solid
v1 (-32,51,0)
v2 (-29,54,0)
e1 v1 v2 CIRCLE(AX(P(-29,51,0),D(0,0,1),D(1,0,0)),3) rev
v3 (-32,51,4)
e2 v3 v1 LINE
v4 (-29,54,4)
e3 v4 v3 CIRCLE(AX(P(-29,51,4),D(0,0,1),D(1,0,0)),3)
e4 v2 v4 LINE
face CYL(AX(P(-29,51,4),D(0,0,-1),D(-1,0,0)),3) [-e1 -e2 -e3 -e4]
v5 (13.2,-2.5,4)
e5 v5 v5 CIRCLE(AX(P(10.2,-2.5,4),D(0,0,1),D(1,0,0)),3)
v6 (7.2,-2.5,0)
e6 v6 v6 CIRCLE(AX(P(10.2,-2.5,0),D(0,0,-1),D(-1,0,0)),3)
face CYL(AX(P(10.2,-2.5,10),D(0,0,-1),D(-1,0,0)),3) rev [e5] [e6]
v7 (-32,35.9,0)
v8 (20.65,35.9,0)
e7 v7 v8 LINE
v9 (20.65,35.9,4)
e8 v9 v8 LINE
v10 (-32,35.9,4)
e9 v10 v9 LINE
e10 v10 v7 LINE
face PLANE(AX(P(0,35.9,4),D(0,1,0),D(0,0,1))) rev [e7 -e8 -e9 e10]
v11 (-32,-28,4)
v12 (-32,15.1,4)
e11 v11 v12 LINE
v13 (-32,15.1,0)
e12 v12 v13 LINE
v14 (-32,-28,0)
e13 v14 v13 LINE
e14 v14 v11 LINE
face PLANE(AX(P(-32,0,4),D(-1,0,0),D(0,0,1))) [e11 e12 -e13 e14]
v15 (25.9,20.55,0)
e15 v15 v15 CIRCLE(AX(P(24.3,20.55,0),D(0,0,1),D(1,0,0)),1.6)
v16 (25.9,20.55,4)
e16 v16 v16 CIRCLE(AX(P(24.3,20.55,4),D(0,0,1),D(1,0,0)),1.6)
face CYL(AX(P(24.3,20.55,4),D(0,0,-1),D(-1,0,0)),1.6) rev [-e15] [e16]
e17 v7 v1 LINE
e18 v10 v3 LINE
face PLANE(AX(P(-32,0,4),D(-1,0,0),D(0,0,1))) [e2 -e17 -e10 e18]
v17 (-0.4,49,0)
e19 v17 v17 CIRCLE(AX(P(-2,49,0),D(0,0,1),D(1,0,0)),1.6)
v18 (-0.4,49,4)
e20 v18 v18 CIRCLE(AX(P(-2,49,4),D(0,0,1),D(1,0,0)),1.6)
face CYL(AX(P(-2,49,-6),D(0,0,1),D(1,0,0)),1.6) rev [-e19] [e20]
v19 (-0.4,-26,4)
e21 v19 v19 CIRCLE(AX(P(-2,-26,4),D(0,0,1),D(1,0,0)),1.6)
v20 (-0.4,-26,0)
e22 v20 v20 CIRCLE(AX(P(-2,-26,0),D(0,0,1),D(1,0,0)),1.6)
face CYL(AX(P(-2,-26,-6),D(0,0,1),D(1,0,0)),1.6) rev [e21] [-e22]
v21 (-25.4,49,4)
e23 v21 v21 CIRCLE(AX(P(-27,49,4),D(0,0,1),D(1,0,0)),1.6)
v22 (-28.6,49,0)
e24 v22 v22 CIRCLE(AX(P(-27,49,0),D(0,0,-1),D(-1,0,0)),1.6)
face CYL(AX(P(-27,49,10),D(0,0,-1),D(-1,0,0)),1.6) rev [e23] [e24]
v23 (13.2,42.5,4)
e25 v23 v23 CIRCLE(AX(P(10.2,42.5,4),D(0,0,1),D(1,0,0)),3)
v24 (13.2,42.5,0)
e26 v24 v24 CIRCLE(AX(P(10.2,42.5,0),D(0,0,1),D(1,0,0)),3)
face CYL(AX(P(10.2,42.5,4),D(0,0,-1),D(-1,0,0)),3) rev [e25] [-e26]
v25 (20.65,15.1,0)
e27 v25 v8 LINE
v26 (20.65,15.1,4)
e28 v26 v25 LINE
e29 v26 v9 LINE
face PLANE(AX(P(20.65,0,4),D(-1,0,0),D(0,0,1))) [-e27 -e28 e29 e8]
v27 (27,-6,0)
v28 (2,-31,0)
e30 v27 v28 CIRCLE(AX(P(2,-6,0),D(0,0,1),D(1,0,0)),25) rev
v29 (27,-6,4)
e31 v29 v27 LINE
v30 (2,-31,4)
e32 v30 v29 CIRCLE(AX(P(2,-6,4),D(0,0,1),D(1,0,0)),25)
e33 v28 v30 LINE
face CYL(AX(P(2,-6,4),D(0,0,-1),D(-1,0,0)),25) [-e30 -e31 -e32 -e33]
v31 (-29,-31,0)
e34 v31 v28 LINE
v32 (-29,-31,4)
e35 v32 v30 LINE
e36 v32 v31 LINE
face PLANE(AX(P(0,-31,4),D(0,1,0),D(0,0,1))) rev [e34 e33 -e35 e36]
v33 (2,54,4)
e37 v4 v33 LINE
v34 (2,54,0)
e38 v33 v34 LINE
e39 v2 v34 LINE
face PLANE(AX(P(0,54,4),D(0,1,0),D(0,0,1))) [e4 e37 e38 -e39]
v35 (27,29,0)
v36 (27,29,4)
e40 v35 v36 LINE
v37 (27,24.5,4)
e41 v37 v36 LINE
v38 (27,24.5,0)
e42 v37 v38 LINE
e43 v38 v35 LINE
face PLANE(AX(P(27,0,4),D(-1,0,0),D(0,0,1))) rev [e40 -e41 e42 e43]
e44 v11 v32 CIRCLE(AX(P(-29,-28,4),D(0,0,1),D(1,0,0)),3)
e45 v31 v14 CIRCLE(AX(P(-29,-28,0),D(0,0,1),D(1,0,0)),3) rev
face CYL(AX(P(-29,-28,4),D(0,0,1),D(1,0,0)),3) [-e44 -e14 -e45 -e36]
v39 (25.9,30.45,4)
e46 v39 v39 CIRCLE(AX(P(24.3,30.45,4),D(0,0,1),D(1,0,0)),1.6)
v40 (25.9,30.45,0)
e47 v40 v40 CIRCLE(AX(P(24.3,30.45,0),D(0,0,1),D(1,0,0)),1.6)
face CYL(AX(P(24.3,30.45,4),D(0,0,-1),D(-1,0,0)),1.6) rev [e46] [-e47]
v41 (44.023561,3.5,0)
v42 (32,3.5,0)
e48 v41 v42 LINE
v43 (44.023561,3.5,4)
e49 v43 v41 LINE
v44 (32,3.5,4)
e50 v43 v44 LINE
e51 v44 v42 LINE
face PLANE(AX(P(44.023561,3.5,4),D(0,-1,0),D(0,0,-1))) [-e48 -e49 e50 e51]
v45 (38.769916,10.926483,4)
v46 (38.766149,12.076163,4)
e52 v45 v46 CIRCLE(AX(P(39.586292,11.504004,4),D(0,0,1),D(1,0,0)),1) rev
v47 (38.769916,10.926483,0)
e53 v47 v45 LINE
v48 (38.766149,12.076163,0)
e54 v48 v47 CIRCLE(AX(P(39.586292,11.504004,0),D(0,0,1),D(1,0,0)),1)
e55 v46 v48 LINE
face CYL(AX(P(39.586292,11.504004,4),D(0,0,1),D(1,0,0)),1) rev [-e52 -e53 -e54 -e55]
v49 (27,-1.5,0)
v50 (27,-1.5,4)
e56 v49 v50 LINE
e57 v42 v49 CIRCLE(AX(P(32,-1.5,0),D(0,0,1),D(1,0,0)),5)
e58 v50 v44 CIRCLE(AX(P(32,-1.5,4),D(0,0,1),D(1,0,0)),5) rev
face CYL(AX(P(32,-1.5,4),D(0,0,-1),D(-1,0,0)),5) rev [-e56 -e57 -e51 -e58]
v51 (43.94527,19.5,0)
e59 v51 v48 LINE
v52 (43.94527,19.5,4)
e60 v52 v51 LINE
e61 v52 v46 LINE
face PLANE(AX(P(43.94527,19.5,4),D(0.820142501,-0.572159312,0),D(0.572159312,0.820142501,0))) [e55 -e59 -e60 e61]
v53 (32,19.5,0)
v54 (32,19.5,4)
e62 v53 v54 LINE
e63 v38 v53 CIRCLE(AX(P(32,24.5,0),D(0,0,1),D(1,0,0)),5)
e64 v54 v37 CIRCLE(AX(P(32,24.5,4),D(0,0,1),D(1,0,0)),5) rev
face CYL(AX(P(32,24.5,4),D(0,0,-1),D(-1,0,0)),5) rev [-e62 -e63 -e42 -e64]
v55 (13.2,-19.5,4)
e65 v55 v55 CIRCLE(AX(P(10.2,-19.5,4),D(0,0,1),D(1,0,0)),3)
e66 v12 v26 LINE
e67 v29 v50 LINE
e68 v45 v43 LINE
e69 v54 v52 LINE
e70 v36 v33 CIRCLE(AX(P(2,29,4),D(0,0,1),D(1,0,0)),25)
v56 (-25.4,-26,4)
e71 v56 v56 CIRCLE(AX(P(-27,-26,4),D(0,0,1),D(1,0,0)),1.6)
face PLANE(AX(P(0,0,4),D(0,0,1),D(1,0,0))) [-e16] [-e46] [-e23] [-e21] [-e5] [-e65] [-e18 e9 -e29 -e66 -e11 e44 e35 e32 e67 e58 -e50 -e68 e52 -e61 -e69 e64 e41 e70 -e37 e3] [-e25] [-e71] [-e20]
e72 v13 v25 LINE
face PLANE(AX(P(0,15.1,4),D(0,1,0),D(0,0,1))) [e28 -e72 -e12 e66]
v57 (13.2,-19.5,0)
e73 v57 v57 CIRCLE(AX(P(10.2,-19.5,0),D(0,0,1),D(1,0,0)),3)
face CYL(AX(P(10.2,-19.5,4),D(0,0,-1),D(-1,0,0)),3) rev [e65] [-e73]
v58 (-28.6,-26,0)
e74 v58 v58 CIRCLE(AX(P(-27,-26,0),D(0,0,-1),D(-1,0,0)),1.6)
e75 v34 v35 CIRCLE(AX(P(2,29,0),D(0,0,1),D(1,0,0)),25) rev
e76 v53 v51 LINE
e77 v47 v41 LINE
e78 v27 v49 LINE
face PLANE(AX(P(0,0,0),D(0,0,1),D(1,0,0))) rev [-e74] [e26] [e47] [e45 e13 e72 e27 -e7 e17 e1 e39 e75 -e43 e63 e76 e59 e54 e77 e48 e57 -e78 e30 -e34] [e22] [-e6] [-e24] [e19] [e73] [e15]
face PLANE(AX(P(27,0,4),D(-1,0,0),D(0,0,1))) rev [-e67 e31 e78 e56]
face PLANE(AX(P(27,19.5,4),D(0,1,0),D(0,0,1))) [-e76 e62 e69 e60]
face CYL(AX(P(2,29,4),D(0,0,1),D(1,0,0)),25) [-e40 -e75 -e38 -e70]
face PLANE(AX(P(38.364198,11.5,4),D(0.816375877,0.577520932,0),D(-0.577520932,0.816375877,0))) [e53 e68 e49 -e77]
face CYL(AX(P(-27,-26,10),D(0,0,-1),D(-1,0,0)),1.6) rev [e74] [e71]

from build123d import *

# Parameters (mm, degrees)
SKETCH_1_R          = 3
SKETCH_1_R_2        = 1.6
EXTRUDE_1_DEPTH     = 4
FILLET_1_R          = 3
FILLET_2_R          = 25
SKETCH_2_R          = 1.6
CUT_EXTRUDE_1_DEPTH = 10
SKETCH_3_R          = 3
CUT_EXTRUDE_2_DEPTH = 10
EXTRUDE_2_DEPTH     = 4
FILLET_3_R          = 5
FILLET_4_R          = 1
SKETCH_5_R          = 1.6
CUT_EXTRUDE_3_DEPTH = 10


with BuildPart() as part:
    # ｽｹｯﾁ1 → ﾎﾞｽ - 押し出し1 (new body)
    with BuildSketch(Plane.XY):
        Polygon((-32, -10.4), (-32, -31), (27, -31), (27, 54), (-32, 54), (-32, 35.9), (20.65, 35.9), (20.65, 15.1), (-32, 15.1), (-32, 10.4), align=None)
        with Locations((10.2, -19.5)):
            Circle(SKETCH_1_R, mode=Mode.SUBTRACT)
        with Locations((24.3, 20.55)):
            Circle(SKETCH_1_R_2, mode=Mode.SUBTRACT)
        with Locations((24.3, 30.45)):
            Circle(SKETCH_1_R_2, mode=Mode.SUBTRACT)
        with Locations((10.2, 42.5)):
            Circle(SKETCH_1_R, mode=Mode.SUBTRACT)
    extrude(amount=EXTRUDE_1_DEPTH)

    # ﾌｨﾚｯﾄ1
    fillet_1_edges = [part.edges().sort_by_distance(p)[0] for p in [
        (-32, 54, 2),
        (-32, -31, 2),
    ]]
    fillet(fillet_1_edges, radius=FILLET_1_R)

    # ﾌｨﾚｯﾄ2
    fillet_2_edges = [part.edges().sort_by_distance(p)[0] for p in [
        (27, 54, 2),
        (27, -31, 2),
    ]]
    fillet(fillet_2_edges, radius=FILLET_2_R)

    # ｽｹｯﾁ2 → ｶｯﾄ - 押し出し1 (cut)
    with BuildSketch(Plane(origin=(0, 0, 0), x_dir=(-1, 0, 0), z_dir=(0, 0, -1))):
        with Locations((27, 49)):
            Circle(SKETCH_2_R)
        with Locations((27, -26)):
            Circle(SKETCH_2_R)
    extrude(amount=-CUT_EXTRUDE_1_DEPTH, mode=Mode.SUBTRACT)

    # ｽｹｯﾁ3 → ｶｯﾄ - 押し出し2 (cut)
    with BuildSketch(Plane(origin=(0, 0, 0), x_dir=(-1, 0, 0), z_dir=(0, 0, -1))):
        with Locations((-10.2, -2.5)):
            Circle(SKETCH_3_R)
    extrude(amount=-CUT_EXTRUDE_2_DEPTH, mode=Mode.SUBTRACT)

    # ｽｹｯﾁ4 → ﾎﾞｽ - 押し出し2 (add)
    with BuildSketch(Plane(origin=(0, 0, 0), x_dir=(-1, 0, 0), z_dir=(0, 0, -1))):
        Polygon((-27, 19.5), (-43.945270358, 19.5), (-38.364198183, 11.5), (-44.023561215, 3.5), (-27, 3.5), align=None)
    extrude(amount=-EXTRUDE_2_DEPTH)

    # ﾌｨﾚｯﾄ3
    fillet_3_edges = [part.edges().sort_by_distance(p)[0] for p in [
        (27, 19.5, 2),
        (27, 3.5, 2),
    ]]
    fillet(fillet_3_edges, radius=FILLET_3_R)

    # ﾌｨﾚｯﾄ4
    fillet_4_edges = [part.edges().sort_by_distance(p)[0] for p in [
        (38.364198183, 11.5, 2),
    ]]
    fillet(fillet_4_edges, radius=FILLET_4_R)

    # ｽｹｯﾁ5 → ｶｯﾄ - 押し出し3 (cut)
    with BuildSketch(Plane.XY.offset(4)):
        with Locations((-2, -26)):
            Circle(SKETCH_5_R)
        with Locations((-2, 49)):
            Circle(SKETCH_5_R)
    extrude(amount=-CUT_EXTRUDE_3_DEPTH, mode=Mode.SUBTRACT)


solid = part.part
